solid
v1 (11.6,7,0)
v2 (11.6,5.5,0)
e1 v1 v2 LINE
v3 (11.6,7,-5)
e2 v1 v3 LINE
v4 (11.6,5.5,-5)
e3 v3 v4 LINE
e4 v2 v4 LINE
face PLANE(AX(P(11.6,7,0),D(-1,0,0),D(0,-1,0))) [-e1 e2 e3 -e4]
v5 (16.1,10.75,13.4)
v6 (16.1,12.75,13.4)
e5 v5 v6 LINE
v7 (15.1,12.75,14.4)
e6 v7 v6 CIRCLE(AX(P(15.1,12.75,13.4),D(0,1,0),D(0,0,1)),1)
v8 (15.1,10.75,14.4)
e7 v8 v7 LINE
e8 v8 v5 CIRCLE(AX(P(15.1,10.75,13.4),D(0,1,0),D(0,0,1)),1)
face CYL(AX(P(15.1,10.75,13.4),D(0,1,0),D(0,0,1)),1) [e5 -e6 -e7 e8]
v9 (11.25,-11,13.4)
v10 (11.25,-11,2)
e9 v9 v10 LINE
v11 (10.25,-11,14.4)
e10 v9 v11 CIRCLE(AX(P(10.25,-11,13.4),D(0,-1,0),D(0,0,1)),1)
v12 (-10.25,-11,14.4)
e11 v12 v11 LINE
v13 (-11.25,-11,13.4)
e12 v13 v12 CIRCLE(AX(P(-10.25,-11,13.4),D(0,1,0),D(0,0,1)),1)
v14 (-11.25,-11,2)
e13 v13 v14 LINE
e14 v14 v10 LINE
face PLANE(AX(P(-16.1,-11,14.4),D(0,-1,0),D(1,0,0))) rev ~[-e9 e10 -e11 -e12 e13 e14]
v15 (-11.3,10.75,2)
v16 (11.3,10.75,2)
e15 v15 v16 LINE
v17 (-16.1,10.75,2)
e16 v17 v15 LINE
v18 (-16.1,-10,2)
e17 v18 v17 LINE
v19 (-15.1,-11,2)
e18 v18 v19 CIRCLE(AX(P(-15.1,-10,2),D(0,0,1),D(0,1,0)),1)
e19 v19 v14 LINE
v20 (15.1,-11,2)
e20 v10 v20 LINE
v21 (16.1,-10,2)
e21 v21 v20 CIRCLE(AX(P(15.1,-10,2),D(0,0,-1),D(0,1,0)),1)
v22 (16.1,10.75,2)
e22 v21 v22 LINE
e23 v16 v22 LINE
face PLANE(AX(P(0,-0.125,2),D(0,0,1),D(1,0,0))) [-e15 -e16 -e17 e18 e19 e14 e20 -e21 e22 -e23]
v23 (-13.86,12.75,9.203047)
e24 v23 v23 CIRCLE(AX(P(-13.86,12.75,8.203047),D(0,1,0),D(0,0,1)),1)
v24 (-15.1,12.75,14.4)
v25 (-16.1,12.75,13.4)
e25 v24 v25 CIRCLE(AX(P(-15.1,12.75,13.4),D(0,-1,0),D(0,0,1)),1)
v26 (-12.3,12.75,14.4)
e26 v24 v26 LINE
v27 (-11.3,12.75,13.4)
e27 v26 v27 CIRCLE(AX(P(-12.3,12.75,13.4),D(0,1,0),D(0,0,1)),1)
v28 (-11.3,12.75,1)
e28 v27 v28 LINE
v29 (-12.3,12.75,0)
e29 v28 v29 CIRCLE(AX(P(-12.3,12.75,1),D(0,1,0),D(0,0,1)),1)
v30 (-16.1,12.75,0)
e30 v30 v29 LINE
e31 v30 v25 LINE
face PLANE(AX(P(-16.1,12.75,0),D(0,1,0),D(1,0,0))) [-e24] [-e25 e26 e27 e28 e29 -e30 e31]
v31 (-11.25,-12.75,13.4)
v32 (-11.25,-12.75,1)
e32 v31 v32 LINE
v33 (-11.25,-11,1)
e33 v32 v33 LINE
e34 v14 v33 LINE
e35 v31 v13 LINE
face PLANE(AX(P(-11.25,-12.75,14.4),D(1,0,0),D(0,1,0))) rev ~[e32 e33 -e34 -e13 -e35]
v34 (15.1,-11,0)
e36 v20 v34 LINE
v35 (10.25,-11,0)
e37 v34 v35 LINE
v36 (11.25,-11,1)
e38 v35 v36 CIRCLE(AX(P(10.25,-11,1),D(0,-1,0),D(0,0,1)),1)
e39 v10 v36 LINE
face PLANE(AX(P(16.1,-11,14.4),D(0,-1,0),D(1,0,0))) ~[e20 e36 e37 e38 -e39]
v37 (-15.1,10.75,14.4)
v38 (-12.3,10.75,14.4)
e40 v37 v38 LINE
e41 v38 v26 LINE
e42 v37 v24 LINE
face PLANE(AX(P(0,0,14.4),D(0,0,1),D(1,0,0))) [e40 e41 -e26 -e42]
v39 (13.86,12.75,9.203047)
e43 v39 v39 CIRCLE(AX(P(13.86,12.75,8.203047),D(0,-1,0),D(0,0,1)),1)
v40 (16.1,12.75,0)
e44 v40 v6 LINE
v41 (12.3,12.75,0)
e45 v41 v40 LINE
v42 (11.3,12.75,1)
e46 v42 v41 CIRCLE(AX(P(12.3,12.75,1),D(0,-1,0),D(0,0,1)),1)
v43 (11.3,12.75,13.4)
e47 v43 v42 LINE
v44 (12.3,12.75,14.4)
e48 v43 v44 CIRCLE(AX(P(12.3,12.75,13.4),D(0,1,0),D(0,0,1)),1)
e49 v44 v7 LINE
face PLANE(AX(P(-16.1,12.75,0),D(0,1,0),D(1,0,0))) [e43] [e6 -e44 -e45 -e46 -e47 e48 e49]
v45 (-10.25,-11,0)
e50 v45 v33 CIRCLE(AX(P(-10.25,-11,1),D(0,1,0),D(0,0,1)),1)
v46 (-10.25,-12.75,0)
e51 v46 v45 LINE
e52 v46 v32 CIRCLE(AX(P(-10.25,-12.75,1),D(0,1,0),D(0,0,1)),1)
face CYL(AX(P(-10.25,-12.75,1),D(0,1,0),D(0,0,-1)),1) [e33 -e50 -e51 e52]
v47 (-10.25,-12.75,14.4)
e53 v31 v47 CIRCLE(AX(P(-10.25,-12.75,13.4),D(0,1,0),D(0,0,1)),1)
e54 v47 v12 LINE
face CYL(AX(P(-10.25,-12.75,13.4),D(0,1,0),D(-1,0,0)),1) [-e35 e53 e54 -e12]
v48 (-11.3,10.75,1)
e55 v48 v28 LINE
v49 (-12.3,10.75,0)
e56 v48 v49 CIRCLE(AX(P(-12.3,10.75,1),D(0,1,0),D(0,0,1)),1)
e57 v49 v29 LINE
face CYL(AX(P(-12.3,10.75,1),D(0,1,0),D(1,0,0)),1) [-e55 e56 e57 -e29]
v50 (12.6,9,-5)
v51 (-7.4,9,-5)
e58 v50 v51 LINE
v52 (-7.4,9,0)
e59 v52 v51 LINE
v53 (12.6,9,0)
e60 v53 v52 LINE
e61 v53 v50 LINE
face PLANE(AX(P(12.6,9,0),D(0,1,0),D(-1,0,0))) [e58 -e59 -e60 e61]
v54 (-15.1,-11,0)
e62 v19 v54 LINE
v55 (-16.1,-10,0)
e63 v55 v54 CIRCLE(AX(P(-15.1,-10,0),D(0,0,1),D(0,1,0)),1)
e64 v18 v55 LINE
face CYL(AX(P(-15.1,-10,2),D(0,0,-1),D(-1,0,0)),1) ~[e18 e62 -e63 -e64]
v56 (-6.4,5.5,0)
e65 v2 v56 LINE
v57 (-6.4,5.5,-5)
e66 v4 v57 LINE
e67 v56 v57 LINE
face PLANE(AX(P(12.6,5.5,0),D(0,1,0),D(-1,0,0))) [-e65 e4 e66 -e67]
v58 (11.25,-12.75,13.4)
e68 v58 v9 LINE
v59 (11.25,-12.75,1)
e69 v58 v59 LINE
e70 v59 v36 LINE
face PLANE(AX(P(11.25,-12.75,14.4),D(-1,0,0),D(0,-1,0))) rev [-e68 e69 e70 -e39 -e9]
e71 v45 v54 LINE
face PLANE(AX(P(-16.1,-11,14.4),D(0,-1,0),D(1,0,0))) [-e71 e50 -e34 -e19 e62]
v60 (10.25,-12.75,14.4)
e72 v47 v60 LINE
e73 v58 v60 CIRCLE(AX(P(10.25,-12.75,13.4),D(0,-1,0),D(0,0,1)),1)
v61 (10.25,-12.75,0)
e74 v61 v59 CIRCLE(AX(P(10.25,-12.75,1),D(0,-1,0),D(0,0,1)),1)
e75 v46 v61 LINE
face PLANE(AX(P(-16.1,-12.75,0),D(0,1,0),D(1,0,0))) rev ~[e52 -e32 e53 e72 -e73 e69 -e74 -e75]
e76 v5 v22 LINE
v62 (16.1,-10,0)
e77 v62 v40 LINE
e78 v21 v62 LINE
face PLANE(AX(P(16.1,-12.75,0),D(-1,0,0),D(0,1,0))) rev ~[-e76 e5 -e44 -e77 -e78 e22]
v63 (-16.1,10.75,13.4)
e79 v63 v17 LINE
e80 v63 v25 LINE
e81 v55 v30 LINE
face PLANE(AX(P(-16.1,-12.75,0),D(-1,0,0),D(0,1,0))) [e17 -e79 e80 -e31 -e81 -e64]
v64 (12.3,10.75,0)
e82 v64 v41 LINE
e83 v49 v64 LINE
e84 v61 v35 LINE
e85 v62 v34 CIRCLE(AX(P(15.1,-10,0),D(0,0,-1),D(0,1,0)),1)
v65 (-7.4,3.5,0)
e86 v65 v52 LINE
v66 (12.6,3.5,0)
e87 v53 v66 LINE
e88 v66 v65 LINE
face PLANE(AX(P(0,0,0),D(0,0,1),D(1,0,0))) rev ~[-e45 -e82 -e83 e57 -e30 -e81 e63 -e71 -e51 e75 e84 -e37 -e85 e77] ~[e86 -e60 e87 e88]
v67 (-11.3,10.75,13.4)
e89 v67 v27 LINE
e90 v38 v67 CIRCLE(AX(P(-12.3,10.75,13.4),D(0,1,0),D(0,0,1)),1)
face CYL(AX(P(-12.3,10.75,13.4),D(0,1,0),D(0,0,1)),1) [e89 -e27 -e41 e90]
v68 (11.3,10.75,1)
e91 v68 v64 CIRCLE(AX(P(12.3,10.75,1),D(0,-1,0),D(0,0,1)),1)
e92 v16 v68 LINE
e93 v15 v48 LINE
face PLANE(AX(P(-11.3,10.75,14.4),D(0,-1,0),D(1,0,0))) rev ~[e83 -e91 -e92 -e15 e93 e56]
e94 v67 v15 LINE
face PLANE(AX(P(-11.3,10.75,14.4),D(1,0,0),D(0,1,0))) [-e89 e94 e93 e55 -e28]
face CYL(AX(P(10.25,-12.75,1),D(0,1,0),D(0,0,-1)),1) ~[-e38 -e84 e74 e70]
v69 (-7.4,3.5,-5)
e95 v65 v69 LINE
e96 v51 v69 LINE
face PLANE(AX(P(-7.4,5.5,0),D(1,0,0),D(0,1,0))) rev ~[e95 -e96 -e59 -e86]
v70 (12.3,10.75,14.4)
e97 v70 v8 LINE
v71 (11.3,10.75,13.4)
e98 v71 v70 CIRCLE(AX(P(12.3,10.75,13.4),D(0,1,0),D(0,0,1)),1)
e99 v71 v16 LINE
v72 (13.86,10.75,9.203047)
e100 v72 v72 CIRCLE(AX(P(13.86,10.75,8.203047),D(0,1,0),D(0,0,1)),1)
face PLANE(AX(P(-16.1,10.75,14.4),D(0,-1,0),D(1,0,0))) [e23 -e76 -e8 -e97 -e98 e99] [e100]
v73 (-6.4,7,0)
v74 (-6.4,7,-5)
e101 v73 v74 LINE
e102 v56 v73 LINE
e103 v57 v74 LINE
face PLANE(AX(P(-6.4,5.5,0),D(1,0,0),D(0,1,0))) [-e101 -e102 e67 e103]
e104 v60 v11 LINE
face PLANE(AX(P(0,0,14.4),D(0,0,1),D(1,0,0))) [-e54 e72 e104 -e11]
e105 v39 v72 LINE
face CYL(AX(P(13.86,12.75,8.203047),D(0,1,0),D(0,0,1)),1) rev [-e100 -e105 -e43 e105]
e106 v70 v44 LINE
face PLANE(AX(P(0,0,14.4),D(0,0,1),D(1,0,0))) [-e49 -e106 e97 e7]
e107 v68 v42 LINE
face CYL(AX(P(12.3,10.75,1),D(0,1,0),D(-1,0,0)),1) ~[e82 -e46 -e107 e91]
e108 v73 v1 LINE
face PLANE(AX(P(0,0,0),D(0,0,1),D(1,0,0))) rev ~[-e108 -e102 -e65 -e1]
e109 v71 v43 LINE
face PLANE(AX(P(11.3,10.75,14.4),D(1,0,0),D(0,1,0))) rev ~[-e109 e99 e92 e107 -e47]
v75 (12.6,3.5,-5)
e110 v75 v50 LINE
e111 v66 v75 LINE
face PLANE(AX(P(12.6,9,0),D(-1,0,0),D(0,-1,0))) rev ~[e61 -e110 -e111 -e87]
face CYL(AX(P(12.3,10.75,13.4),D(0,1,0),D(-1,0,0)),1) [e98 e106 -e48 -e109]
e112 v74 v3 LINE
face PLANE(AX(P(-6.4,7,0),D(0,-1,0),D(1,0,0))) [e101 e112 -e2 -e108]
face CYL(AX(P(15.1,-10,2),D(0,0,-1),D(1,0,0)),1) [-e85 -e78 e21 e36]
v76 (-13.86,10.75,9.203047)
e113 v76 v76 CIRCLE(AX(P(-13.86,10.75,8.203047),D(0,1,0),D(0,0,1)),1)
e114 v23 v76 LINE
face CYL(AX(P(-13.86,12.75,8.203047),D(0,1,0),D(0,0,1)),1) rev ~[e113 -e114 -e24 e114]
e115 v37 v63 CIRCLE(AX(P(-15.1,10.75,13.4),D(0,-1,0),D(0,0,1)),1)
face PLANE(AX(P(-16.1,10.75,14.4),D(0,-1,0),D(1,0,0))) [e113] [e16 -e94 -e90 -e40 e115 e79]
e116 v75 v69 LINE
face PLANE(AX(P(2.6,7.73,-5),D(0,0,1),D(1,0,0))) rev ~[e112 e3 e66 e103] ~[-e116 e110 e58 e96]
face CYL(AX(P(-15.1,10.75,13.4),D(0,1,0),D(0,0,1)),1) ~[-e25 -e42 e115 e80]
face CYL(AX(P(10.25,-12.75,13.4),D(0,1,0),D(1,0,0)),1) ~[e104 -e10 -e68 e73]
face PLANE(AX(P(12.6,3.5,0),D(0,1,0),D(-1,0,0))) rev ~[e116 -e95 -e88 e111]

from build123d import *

# Parameters (mm, degrees)
SKETCH1_W           = 32.2
SKETCH1_H           = 25.5
BOSS_EXTRUDE1_DEPTH = 14.4
SKETCH3_W           = 32.2
SKETCH3_H           = 21.75
CUT_EXTRUDE1_DEPTH  = 12.4
SKETCH5_W           = 22.6
SKETCH5_H           = 2
CUT_EXTRUDE2_DEPTH  = 14.4
FILLET1_R           = 1
FILLET2_R           = 1
FILLET3_R           = 1
FILLET4_R           = 1
SKETCH10_R          = 1
CUT_EXTRUDE3_DEPTH  = 10
SKETCH11_W          = 4.85
SKETCH11_H          = 1.75
CUT_EXTRUDE4_DEPTH  = 20
FILLET5_R           = 1
FILLET6_R           = 1
SKETCH12_W          = 20
SKETCH12_H          = 2
BOSS_EXTRUDE2_DEPTH = 5
BOSS_EXTRUDE3_DEPTH = 5


with BuildPart() as part:
    # Sketch1 → Boss-Extrude1 (new body)
    with BuildSketch(Plane.XY):
        Rectangle(SKETCH1_W, SKETCH1_H)
    extrude(amount=BOSS_EXTRUDE1_DEPTH)

    # Sketch3 → Cut-Extrude1 (cut)
    with BuildSketch(Plane.XY.offset(14.4)):
        with Locations((0, -0.125)):
            Rectangle(SKETCH3_W, SKETCH3_H)
    extrude(amount=-CUT_EXTRUDE1_DEPTH, mode=Mode.SUBTRACT)

    # Sketch5 → Cut-Extrude2 (cut)
    with BuildSketch(Plane.XY.offset(14.4)):
        with Locations((0, 11.75)):
            Rectangle(SKETCH5_W, SKETCH5_H)
    extrude(amount=-CUT_EXTRUDE2_DEPTH, mode=Mode.SUBTRACT)

    # Fillet1
    fillet1_edges = [part.edges().sort_by_distance(p)[0] for p in [
        (-11.3, 11.75, 14.4),
    ]]
    fillet(fillet1_edges, radius=FILLET1_R)

    # Fillet2
    fillet2_edges = [part.edges().sort_by_distance(p)[0] for p in [
        (-16.1, 11.75, 14.4),
    ]]
    fillet(fillet2_edges, radius=FILLET2_R)

    # Fillet3
    fillet3_edges = [part.edges().sort_by_distance(p)[0] for p in [
        (11.3, 11.75, 14.4),
    ]]
    fillet(fillet3_edges, radius=FILLET3_R)

    # Fillet4
    fillet4_edges = [part.edges().sort_by_distance(p)[0] for p in [
        (16.1, 11.75, 14.4),
    ]]
    fillet(fillet4_edges, radius=FILLET4_R)

    # Sketch10 → Cut-Extrude3 (cut)
    with BuildSketch(Plane(origin=(0, 12.75, 0), x_dir=(1, 0, 0), z_dir=(0, 1, 0))):
        with Locations(Location((-13.86, -8.203047487, 0), (0, 0, 270))):
            Circle(SKETCH10_R)
    cut_extrude3 = extrude(amount=-CUT_EXTRUDE3_DEPTH, mode=Mode.SUBTRACT)

    # Mirror1: Cut-Extrude3 across plane
    add(cut_extrude3.mirror(Plane(origin=(0, 0, 0), x_dir=(0, 0, 1), z_dir=(1, 0, 0))), mode=Mode.SUBTRACT)

    # Sketch11 → Cut-Extrude4 (cut)
    with BuildSketch(Plane.XY.offset(14.4)):
        with Locations((-13.675, -11.875)):
            Rectangle(SKETCH11_W, SKETCH11_H)
    cut_extrude4 = extrude(amount=-CUT_EXTRUDE4_DEPTH, mode=Mode.SUBTRACT)

    # Mirror2: Cut-Extrude4 across plane
    add(cut_extrude4.mirror(Plane(origin=(0, 0, 0), x_dir=(0, 0, 1), z_dir=(1, 0, 0))), mode=Mode.SUBTRACT)

    # Fillet5
    fillet5_edges = [part.edges().sort_by_distance(p)[0] for p in [
        (16.1, -11, 1),
        (11.25, -11.875, 14.4),
        (11.25, -11.875, 0),
        (-11.25, -11.875, 0),
        (-16.1, -11, 1),
        (-11.25, -11.875, 14.4),
    ]]
    fillet(fillet5_edges, radius=FILLET5_R)

    # Fillet6
    fillet6_edges = [part.edges().sort_by_distance(p)[0] for p in [
        (-11.3, 11.75, 0),
        (11.3, 11.75, 0),
    ]]
    fillet(fillet6_edges, radius=FILLET6_R)

    # Sketch12 → Boss-Extrude2 (add)
    with BuildSketch(Plane(origin=(0, 0, 0), x_dir=(-1, 0, 0), z_dir=(0, 0, -1))):
        with Locations((-2.6, 4.5)):
            Rectangle(SKETCH12_W, SKETCH12_H)
    extrude(amount=BOSS_EXTRUDE2_DEPTH)

    # Sketch13 → Boss-Extrude3 (add)
    with BuildSketch(Plane(origin=(0, 0, 0), x_dir=(-1, 0, 0), z_dir=(0, 0, -1))):
        Polygon((-12.6, 9), (7.4, 9), (7.4, 7), (7.4, 5.5), (6.4, 5.5), (6.4, 7), (-11.6, 7), (-11.6, 5.5), (-12.6, 5.5), (-12.6, 7), align=None)
    extrude(amount=BOSS_EXTRUDE3_DEPTH)


solid = part.part
